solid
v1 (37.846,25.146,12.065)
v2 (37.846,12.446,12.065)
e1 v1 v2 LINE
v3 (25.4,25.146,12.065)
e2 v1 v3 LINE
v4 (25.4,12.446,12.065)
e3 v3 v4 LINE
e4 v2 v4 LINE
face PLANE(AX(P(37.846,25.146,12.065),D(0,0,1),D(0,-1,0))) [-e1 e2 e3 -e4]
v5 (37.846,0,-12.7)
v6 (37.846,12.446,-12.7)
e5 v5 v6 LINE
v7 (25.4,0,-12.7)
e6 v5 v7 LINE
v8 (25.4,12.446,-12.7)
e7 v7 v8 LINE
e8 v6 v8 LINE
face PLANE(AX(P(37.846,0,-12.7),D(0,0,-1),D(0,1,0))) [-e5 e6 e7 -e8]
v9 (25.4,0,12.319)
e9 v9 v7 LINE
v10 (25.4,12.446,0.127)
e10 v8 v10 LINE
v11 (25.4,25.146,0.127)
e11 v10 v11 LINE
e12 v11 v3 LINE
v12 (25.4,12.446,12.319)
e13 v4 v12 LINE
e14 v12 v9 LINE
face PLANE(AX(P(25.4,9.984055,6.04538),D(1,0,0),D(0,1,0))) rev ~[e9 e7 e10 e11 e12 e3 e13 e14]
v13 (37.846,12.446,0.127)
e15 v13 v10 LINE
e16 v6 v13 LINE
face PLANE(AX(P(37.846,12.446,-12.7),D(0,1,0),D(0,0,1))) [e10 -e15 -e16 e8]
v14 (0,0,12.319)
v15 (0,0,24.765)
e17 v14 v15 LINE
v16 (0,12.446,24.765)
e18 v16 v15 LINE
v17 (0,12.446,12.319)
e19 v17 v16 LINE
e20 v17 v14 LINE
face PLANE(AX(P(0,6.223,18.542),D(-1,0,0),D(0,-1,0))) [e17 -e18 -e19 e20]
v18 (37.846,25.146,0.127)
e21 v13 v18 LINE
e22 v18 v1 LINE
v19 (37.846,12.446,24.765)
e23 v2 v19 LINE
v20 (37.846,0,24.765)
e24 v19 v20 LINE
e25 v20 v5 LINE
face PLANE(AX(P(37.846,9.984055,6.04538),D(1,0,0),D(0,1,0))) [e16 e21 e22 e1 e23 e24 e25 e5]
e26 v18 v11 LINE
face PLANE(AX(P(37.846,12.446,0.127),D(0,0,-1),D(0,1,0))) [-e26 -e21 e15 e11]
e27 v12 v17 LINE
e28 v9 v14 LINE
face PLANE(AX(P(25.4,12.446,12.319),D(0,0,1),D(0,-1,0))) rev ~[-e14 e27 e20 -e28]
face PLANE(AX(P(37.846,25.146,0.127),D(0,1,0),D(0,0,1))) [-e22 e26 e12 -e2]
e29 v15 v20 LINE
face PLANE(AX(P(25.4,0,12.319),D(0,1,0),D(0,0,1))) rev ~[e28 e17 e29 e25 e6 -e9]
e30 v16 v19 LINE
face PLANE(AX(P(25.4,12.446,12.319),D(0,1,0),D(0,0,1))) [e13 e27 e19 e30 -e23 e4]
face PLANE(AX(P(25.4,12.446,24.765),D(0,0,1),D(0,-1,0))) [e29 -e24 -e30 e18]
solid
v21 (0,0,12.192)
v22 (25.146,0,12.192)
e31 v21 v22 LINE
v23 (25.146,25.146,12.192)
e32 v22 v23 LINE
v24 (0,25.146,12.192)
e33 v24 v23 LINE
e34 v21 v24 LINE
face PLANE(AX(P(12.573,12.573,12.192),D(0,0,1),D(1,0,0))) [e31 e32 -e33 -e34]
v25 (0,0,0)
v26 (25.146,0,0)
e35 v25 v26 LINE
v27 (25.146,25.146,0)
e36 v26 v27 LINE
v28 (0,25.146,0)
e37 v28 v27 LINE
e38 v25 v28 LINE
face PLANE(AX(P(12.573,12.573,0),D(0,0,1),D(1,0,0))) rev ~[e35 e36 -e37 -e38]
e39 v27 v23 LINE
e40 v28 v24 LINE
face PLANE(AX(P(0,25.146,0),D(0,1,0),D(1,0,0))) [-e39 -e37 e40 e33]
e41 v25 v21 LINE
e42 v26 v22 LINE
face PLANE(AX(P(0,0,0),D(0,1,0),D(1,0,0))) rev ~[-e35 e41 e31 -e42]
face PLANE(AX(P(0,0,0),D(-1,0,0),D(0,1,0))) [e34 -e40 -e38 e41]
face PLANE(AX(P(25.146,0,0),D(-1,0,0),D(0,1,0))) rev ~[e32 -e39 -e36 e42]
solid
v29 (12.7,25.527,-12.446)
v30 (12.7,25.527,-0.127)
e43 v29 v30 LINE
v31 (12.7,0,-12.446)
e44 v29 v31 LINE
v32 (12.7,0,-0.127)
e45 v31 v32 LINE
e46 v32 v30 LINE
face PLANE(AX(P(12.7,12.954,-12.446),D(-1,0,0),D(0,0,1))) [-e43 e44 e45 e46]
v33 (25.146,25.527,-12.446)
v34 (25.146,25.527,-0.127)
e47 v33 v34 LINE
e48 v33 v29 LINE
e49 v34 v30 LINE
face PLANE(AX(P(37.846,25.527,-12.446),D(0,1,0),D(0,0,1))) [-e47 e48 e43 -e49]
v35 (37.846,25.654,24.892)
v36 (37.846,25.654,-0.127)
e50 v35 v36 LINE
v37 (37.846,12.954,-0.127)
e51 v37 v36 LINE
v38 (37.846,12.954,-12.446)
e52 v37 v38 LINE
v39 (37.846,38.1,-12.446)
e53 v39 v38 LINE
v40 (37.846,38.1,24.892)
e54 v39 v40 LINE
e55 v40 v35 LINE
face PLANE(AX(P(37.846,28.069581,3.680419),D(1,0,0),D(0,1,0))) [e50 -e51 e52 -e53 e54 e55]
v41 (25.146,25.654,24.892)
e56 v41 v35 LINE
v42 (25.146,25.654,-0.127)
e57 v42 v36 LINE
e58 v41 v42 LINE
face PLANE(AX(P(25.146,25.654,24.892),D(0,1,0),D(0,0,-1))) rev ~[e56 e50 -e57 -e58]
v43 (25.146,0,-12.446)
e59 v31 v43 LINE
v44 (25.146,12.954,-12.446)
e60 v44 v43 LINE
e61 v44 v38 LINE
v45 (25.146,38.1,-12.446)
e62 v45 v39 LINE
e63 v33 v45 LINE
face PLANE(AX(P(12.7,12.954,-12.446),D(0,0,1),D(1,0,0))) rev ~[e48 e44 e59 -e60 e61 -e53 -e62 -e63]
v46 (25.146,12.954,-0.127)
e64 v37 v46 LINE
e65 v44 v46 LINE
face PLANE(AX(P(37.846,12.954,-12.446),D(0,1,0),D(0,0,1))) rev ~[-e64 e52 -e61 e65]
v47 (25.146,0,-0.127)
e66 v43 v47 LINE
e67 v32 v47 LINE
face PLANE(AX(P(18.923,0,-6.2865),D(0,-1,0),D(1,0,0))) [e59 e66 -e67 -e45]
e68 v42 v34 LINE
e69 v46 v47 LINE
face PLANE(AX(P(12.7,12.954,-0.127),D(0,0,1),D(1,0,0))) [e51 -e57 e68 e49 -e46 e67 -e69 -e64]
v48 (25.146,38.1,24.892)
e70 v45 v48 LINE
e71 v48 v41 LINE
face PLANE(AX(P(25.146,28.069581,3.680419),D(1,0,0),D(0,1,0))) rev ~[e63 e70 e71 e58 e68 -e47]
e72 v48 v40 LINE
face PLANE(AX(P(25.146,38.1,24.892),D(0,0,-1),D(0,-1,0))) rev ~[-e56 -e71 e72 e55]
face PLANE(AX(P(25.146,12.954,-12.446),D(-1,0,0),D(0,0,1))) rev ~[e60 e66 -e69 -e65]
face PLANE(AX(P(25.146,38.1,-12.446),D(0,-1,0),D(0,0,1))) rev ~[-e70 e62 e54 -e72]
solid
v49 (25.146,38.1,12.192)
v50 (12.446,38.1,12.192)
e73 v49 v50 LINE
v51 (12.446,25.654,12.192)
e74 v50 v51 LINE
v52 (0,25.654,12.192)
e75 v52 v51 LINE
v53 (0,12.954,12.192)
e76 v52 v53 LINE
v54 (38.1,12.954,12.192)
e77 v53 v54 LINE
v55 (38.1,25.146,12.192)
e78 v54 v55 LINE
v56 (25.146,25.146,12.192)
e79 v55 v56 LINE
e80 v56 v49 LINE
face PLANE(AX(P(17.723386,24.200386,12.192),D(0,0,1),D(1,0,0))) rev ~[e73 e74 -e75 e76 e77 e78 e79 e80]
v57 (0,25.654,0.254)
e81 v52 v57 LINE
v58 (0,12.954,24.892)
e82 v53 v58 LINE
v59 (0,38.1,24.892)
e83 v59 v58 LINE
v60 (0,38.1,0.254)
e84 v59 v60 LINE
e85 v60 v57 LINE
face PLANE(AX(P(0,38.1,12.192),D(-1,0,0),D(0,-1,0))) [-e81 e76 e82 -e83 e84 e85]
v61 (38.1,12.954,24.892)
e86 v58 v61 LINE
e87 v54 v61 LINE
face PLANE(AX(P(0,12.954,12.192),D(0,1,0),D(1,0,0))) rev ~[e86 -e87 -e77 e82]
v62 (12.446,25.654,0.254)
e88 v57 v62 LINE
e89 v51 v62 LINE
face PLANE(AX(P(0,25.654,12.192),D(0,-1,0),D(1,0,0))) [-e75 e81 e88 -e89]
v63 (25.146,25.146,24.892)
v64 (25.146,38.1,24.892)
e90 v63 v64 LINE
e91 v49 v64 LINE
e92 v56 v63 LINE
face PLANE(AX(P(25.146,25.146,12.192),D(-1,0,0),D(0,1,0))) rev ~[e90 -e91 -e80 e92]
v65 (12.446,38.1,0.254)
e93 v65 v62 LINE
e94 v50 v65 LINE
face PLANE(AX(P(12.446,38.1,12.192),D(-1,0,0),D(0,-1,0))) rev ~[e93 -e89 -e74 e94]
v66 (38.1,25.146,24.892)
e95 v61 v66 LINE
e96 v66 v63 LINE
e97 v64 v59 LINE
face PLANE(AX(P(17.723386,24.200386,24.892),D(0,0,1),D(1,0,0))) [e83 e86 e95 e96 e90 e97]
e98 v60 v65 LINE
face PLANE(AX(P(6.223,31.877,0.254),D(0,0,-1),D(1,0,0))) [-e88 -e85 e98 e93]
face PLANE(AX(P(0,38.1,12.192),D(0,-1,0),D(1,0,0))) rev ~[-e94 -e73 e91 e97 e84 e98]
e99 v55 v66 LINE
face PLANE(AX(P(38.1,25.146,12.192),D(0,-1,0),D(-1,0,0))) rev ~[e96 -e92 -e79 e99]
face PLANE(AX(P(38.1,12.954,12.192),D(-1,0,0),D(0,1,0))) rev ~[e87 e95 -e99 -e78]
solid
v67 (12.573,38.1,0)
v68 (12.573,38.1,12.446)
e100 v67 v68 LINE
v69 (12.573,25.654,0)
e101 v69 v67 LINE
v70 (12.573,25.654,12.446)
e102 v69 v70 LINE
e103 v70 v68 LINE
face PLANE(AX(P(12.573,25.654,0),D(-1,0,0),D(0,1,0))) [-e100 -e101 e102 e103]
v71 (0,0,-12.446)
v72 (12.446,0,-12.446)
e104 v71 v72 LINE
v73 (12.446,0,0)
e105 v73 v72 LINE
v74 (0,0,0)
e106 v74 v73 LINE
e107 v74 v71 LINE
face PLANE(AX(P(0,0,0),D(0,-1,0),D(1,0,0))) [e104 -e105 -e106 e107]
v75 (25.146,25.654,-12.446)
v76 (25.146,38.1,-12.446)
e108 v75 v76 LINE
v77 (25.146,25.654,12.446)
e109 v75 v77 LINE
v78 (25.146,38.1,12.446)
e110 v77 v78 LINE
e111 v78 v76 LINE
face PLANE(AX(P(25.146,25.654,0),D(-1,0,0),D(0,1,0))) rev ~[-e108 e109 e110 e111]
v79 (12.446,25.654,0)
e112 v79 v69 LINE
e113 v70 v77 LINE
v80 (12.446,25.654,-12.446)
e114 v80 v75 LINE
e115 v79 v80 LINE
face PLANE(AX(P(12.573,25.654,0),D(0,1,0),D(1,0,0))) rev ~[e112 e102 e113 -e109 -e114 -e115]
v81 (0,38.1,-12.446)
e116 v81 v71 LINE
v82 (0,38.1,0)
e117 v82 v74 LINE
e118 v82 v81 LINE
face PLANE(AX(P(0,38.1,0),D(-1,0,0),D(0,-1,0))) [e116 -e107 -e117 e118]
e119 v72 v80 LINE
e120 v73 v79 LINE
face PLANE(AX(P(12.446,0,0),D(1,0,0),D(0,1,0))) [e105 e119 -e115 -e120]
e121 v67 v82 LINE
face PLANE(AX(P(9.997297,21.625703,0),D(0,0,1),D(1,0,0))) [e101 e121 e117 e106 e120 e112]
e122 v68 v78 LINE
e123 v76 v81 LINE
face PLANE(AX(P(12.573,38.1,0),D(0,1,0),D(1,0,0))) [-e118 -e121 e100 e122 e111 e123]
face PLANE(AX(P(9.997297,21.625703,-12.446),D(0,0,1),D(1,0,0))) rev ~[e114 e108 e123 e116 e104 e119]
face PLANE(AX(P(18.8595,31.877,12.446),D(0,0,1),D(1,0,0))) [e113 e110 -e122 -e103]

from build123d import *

# Parameters (mm, degrees)
F0_W      = 25.146
F0_H      = 25.146
F1_DEPTH  = 12.192
F3_DEPTH  = 12.446
F4_W      = 12.573
F4_H      = 12.446
F5_DEPTH  = 12.446
F7_DEPTH  = 12.7
F8_W      = 12.446
F8_H      = 12.446
F9_DEPTH  = 11.938
F11_DEPTH = 12.7
F12_W     = 12.573
F12_H     = 12.319
F13_DEPTH = 25.146
F14_W     = 12.446
F14_H     = 12.319
F15_DEPTH = 12.954
F17_DEPTH = 12.446
F18_W     = 12.446
F18_H     = 12.446
F19_DEPTH = 25.4


with BuildPart() as f1:
    # F0 (on Top) → F1 (new body)
    with BuildSketch(Plane.XY):
        with Locations((12.573, 12.573)):
            Rectangle(F0_W, F0_H)
    extrude(amount=F1_DEPTH)


with BuildPart() as f3:
    # F2 (on Top) → F3 (new body)
    with BuildSketch(Plane.XY):
        Polygon((0, 38.1), (0, 0), (12.446, 0), (12.446, 25.654), (25.146, 25.654), (25.146, 38.1), align=None)
    extrude(amount=-F3_DEPTH)

    # F4 (on face) → F5 (join)
    with BuildSketch(Plane.XY):
        with Locations((18.8595, 31.877)):
            Rectangle(F4_W, F4_H)
    extrude(amount=F5_DEPTH)


with BuildPart() as f7:
    # F6 (on face) → F7 (new body)
    with BuildSketch(Plane.XY.offset(12.192)):
        Polygon((25.146, 38.1), (0, 38.1), (0, 25.146), (0, 12.954), (12.954, 12.954), (38.1, 12.954), (38.1, 25.146), (25.146, 25.146), align=None)
    extrude(amount=F7_DEPTH)

    # F8 (on face) → F9 (join)
    with BuildSketch(Plane(origin=(0, 0, 12.192), x_dir=(1, 0, 0), z_dir=(0, 0, -1))):
        with Locations((6.223, -31.877)):
            Rectangle(F8_W, F8_H)
    extrude(amount=F9_DEPTH)


with BuildPart() as f11:
    # F10 (on face) → F11 (new body)
    with BuildSketch(Plane.YZ.offset(25.146)):
        Polygon((12.954, -12.446), (38.1, -12.446), (38.1, 24.892), (25.654, 24.892), (25.654, -0.127), (12.954, -0.127), align=None)
    extrude(amount=F11_DEPTH)

    # F12 (on face) → F13 (join)
    with BuildSketch(Plane.YZ.offset(37.846)):
        with Locations((19.2405, -6.2865)):
            Rectangle(F12_W, F12_H)
    extrude(amount=-F13_DEPTH)

    # F14 (on face) → F15 (join)
    with BuildSketch(Plane.XZ.offset(-12.954)):
        with Locations((18.923, -6.2865)):
            Rectangle(F14_W, F14_H)
    extrude(amount=F15_DEPTH)


with BuildPart() as f17:
    # F16 (on face) → F17 (new body)
    with BuildSketch(Plane.YZ.offset(37.846)):
        Polygon((0, 24.765), (0, -12.7), (12.446, -12.7), (12.446, 0.127), (25.146, 0.127), (25.146, 12.065), (12.446, 12.065), (12.446, 24.765), align=None)
    extrude(amount=-F17_DEPTH)

    # F18 (on face) → F19 (join)
    with BuildSketch(Plane(origin=(25.4, 0, 0), x_dir=(0, -1, 0), z_dir=(-1, 0, 0))):
        with Locations((-6.223, 18.542)):
            Rectangle(F18_W, F18_H)
    extrude(amount=F19_DEPTH)


solid = Compound([f1.part, f3.part, f7.part, f11.part, f17.part])
